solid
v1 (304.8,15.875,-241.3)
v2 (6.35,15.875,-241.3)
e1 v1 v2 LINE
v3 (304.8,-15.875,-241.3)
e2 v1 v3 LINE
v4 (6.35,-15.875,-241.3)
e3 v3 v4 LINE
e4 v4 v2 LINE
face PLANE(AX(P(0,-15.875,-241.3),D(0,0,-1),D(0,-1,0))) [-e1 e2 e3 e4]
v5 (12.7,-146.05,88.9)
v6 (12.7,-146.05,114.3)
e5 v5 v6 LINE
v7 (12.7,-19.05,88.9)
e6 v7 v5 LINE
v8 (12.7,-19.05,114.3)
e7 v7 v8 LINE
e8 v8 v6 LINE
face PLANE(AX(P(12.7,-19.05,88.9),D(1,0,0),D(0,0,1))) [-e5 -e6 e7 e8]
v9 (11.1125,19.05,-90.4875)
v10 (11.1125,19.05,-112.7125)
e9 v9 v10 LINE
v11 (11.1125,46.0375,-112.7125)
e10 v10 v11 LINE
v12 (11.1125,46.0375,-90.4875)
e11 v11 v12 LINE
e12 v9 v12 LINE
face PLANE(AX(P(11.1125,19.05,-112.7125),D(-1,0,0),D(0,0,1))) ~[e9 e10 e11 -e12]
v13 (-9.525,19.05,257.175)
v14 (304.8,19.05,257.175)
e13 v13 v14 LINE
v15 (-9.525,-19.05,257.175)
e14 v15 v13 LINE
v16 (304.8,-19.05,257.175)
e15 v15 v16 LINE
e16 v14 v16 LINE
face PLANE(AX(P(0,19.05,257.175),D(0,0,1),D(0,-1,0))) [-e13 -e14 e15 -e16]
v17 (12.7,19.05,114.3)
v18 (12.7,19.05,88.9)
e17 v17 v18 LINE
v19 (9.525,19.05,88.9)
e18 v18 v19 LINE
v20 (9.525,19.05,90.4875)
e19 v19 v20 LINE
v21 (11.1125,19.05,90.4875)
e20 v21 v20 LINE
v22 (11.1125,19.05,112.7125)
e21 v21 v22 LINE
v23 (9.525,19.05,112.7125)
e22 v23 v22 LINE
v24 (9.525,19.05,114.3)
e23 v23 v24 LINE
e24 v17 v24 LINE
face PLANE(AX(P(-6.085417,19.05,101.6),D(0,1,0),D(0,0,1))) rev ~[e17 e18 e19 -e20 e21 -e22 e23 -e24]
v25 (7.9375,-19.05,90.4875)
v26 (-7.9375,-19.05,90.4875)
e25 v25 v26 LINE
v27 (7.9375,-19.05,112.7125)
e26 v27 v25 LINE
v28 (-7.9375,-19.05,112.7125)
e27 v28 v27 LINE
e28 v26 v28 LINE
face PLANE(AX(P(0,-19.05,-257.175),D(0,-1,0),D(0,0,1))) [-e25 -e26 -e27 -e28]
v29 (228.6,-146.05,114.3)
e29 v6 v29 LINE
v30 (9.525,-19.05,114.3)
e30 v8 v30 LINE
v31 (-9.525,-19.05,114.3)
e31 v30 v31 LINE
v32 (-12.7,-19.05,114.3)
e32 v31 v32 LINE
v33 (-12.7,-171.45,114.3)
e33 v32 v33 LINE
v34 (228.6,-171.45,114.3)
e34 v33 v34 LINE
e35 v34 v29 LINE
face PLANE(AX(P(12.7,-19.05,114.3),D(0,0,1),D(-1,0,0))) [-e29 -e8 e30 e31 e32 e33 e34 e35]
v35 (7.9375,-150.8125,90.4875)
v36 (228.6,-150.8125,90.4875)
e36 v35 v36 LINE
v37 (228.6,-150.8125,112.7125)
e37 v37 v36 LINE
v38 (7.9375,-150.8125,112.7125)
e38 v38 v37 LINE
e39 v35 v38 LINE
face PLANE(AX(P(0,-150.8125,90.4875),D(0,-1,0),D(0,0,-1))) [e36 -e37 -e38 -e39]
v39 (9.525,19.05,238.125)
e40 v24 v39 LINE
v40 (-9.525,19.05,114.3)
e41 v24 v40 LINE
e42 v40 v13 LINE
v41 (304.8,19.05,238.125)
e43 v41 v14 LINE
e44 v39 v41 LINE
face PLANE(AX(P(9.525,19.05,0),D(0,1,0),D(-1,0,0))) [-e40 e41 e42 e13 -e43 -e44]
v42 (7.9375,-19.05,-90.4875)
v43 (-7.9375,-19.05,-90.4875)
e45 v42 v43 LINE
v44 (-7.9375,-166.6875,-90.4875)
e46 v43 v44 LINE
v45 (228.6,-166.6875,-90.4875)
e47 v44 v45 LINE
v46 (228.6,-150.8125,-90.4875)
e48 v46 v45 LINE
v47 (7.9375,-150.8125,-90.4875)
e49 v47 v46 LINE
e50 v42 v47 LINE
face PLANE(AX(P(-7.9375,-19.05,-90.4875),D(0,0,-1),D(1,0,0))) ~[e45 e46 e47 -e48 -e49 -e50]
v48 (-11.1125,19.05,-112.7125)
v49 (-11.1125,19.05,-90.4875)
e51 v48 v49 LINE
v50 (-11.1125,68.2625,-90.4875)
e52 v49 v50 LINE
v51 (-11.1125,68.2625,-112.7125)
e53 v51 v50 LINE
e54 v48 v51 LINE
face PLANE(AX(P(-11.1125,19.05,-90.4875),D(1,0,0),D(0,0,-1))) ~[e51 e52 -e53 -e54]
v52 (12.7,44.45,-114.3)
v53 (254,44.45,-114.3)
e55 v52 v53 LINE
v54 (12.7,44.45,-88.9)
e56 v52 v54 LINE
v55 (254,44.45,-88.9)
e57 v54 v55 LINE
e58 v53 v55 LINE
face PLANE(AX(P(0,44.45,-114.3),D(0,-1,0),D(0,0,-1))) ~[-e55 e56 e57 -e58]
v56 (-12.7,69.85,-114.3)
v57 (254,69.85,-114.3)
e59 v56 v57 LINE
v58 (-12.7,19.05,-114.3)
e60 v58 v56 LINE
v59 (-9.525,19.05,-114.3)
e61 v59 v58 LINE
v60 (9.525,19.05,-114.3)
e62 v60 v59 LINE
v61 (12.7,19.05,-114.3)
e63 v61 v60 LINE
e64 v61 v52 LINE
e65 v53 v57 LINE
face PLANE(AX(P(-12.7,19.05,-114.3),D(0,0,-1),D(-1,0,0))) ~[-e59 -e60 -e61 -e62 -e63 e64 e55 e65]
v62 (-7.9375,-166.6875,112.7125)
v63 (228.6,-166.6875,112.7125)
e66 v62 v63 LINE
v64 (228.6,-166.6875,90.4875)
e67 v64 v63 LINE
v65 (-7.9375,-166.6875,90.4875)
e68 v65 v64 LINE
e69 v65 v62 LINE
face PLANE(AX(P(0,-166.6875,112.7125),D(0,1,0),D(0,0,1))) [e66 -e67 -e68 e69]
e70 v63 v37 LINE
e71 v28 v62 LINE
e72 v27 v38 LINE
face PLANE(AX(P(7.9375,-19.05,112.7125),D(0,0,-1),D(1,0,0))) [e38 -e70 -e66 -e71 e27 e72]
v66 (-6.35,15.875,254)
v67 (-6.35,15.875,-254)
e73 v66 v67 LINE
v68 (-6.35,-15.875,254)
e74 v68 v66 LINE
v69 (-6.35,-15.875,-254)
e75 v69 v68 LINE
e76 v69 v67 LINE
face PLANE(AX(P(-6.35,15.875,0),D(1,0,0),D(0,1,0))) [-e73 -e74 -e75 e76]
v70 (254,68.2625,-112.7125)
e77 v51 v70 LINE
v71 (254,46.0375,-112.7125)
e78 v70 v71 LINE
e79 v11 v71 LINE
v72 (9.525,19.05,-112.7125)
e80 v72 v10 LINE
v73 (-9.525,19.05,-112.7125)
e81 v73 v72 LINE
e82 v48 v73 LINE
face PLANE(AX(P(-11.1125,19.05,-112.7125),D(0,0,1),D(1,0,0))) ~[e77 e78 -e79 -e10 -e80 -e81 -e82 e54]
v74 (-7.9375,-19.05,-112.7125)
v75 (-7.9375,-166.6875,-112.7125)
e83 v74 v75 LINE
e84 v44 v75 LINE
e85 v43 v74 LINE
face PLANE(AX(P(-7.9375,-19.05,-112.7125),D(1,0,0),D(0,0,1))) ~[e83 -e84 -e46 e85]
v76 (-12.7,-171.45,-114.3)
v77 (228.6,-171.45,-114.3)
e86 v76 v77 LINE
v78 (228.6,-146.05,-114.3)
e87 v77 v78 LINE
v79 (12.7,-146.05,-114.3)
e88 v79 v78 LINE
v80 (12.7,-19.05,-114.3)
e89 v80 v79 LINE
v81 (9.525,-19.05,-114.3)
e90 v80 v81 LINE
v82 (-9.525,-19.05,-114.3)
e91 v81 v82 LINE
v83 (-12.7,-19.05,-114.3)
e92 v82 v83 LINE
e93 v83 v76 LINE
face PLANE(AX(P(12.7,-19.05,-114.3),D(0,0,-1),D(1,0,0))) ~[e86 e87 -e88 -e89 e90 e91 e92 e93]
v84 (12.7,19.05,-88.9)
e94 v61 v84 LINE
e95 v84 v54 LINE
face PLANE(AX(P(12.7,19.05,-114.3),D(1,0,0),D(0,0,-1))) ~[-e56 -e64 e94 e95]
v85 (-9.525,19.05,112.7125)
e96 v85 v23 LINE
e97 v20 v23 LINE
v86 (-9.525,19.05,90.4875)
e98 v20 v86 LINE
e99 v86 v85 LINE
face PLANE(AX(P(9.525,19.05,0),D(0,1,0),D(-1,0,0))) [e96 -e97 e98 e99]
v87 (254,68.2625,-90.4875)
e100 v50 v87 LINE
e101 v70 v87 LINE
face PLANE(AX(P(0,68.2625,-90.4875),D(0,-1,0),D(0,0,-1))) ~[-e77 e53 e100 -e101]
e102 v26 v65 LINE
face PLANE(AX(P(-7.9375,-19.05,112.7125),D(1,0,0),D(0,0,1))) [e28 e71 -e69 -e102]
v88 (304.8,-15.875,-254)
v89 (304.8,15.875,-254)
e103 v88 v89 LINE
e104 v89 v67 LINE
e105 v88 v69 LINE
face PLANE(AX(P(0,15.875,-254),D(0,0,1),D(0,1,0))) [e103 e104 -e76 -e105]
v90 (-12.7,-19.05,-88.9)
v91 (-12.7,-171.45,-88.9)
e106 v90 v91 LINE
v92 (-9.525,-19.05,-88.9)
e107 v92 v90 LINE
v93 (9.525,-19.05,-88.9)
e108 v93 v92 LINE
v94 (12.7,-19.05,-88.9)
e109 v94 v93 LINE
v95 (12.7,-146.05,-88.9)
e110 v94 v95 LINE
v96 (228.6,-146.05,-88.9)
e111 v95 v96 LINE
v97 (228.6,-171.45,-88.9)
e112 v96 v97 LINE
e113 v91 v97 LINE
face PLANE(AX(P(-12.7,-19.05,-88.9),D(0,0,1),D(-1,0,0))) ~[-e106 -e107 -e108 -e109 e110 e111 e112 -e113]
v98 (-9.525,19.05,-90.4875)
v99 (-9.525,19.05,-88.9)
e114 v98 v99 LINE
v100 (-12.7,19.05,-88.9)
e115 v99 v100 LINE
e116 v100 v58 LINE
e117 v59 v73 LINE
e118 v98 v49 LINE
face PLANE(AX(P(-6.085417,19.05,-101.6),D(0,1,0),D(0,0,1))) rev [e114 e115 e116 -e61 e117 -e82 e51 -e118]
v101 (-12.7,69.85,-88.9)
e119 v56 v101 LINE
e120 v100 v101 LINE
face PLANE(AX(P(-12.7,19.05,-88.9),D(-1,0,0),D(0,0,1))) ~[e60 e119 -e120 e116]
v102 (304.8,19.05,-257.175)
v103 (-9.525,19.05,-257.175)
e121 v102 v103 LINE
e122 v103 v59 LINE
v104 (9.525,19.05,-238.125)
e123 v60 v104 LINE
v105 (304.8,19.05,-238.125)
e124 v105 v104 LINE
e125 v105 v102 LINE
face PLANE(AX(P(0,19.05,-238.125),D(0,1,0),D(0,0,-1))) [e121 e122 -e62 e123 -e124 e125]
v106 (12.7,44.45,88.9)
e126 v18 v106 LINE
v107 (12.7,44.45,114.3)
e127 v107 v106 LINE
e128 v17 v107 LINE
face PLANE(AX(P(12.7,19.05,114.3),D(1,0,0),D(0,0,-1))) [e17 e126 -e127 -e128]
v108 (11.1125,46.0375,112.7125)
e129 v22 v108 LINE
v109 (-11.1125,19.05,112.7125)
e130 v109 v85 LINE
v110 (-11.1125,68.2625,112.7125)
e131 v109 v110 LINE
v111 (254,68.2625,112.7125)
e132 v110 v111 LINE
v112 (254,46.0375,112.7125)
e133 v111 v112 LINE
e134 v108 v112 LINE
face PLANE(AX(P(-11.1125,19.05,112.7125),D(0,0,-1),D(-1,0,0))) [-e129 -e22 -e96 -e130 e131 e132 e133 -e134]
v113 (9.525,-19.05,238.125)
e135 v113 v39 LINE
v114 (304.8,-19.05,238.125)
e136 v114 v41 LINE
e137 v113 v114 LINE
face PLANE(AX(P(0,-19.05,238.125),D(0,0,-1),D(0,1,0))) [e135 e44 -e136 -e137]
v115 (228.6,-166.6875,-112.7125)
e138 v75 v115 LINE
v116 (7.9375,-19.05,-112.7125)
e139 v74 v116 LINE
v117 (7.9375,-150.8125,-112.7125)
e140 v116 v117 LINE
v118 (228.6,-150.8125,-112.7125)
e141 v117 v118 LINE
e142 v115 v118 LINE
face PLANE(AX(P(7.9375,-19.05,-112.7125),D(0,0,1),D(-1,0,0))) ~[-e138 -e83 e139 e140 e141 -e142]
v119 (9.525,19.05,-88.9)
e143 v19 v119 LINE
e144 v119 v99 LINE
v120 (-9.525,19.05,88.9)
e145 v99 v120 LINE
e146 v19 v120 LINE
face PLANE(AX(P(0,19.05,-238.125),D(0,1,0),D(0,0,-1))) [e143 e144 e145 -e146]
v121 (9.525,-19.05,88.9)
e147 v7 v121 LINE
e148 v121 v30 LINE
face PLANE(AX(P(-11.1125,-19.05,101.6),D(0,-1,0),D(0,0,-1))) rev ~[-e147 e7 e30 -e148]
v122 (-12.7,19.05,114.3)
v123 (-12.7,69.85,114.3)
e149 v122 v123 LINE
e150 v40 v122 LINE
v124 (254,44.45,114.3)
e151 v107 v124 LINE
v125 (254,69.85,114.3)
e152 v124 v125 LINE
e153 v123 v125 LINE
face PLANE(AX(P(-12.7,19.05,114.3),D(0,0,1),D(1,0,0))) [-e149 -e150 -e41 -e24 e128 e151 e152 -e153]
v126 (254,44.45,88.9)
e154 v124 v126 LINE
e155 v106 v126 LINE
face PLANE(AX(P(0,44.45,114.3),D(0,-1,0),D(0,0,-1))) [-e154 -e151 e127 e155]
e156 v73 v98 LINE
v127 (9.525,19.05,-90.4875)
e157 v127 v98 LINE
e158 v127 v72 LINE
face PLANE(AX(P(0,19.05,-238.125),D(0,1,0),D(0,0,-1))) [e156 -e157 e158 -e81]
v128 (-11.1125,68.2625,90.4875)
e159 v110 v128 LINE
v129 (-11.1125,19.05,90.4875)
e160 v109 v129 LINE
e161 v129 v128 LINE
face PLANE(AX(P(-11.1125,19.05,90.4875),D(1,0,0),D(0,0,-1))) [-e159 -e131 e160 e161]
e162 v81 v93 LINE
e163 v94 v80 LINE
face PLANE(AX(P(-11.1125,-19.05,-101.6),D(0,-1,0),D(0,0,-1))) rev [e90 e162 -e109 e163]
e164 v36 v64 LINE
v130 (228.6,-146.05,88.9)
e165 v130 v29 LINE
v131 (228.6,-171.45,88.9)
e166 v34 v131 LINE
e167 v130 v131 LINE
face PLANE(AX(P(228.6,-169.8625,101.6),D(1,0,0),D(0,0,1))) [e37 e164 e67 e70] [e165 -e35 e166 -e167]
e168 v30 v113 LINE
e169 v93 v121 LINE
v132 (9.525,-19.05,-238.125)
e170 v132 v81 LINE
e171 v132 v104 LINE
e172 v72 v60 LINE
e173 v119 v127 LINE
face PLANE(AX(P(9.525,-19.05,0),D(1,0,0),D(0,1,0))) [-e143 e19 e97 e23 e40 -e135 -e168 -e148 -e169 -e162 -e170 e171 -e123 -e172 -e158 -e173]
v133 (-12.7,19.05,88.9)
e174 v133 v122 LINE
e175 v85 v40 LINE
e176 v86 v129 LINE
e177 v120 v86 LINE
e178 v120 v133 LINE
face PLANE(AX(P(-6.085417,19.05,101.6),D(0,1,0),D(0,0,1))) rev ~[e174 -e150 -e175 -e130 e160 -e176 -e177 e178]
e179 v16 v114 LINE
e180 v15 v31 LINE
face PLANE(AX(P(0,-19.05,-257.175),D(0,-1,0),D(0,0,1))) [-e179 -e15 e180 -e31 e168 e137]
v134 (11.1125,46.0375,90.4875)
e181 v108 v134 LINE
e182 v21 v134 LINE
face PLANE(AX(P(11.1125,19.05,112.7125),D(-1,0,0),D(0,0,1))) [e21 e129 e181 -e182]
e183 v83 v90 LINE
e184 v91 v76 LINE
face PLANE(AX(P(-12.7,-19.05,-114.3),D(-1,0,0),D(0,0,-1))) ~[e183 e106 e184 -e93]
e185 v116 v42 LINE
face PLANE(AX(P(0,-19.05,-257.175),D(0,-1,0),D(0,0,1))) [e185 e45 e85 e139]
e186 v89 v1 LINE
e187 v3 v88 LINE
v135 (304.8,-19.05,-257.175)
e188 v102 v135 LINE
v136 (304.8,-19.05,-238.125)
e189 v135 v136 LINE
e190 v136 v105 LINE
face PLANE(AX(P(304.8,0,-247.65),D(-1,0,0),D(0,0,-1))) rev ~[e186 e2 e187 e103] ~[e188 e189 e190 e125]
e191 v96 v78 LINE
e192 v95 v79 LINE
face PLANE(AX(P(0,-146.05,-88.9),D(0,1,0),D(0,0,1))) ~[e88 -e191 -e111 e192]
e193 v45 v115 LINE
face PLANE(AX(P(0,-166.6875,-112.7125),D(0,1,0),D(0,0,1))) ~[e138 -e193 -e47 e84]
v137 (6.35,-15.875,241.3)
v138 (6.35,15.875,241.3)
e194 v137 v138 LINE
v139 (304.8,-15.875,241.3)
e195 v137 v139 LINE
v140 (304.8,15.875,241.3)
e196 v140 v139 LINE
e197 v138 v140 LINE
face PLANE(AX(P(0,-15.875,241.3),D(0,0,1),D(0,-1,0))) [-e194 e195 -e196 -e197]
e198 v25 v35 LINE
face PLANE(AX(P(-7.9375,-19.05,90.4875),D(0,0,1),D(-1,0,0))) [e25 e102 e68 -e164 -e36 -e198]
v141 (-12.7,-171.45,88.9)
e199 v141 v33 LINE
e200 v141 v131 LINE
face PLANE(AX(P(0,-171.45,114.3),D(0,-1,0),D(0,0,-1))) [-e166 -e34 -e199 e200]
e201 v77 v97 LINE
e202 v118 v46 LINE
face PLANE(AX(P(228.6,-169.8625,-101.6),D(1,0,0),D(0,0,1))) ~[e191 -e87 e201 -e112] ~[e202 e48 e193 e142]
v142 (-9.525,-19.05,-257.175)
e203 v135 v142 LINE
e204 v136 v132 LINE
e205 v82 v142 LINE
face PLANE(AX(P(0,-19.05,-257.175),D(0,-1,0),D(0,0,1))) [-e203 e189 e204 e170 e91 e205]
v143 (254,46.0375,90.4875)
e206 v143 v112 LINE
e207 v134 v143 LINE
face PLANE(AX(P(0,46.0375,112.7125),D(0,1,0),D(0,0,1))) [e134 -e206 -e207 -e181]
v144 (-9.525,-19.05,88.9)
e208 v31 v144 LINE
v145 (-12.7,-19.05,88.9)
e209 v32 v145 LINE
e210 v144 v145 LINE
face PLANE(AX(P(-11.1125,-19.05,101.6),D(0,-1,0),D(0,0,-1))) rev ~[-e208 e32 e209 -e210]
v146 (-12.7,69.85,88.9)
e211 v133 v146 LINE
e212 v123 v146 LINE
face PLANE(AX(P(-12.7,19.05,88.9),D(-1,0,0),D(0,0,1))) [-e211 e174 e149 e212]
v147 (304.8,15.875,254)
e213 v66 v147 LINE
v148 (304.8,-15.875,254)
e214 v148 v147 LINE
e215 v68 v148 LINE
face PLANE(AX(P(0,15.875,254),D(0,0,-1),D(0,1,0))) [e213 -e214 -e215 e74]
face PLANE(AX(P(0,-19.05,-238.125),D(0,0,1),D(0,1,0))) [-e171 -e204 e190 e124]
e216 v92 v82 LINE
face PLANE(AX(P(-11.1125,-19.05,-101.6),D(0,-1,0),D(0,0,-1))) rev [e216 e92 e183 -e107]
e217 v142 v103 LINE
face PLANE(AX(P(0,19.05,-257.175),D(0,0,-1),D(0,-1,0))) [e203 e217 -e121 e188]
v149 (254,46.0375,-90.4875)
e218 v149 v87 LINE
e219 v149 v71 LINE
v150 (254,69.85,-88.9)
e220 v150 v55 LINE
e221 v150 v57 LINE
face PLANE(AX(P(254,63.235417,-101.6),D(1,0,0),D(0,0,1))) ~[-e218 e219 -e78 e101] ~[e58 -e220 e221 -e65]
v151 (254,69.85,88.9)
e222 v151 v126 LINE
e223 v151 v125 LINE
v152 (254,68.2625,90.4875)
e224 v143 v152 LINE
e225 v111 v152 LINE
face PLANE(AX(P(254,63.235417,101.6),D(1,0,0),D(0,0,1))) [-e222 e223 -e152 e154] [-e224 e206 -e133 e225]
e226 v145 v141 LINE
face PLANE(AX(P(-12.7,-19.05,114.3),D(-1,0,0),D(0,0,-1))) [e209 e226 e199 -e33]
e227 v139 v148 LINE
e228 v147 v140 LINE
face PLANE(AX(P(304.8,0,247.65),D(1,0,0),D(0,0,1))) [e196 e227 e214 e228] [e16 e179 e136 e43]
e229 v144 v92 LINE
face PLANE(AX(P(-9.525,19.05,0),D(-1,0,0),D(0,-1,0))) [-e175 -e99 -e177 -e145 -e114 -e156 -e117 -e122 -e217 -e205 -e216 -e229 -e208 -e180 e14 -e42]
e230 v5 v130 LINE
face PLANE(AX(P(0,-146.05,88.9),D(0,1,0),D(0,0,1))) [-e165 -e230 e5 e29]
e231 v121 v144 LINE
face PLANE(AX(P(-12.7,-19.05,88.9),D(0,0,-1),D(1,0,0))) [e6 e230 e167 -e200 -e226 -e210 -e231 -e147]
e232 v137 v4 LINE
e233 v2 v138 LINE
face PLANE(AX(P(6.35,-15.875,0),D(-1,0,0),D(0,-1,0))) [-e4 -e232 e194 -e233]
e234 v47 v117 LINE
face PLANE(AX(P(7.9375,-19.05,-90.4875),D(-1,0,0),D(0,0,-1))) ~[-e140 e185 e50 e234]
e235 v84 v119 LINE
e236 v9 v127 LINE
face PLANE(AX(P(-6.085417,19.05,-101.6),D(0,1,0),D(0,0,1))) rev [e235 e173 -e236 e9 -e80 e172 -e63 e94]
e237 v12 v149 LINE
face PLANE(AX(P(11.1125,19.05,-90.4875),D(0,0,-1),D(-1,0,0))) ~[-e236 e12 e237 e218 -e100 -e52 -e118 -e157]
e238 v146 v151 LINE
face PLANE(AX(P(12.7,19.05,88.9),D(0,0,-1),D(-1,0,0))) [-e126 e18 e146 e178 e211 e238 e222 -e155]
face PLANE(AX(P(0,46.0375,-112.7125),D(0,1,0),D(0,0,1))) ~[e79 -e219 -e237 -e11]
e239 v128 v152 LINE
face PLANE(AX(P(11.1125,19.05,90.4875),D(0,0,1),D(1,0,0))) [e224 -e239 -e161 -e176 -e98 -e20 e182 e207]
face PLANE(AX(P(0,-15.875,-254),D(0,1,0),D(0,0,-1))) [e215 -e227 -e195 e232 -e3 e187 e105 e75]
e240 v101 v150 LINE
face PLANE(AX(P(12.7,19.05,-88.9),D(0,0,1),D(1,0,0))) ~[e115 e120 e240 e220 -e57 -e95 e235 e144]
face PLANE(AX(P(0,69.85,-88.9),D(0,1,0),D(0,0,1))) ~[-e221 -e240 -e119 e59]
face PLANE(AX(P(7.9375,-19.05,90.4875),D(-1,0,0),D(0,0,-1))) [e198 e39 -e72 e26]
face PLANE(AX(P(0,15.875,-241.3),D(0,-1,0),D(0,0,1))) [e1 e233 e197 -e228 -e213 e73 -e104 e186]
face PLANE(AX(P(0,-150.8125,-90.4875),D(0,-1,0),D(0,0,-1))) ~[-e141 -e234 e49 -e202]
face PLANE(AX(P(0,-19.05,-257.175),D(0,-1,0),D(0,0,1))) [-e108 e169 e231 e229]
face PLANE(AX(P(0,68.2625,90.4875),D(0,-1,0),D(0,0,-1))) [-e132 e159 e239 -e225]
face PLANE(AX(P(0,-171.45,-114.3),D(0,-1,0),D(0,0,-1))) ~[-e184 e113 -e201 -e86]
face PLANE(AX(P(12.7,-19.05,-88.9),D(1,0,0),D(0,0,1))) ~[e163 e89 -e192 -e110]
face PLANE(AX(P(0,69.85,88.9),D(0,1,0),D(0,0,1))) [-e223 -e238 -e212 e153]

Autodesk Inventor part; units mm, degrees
sketch "Sketch10" plane through (0, 0, 0) normal (0, 1, 0) x (-1, 0, 0)
  line L0 (0, 0) -> (0, 247.65)
  line L1 (0, 247.65) -> (-304.8, 247.65)
  line L2 (0, 0) -> (-304.8, 0) construction
  line L3 (0, 0) -> (0, -247.65)
  line L4 (0, -247.65) -> (-304.8, -247.65)
  dimension "d31" = 247.65
  dimension "d32" = 304.8
ref_plane "Work Plane2" through (304.8, 0, 0) normal (1, 0, 0) x (0, 1, 0)
sketch "Sketch11" plane through (304.8, 0, 0) normal (1, 0, 0) x (0, 1, 0)
  line L0 (-19.05, 257.175) -> (-19.05, 238.125)
  line L1 (-19.05, 238.125) -> (19.05, 238.125)
  line L2 (19.05, 238.125) -> (19.05, 257.175)
  line L3 (19.05, 257.175) -> (-19.05, 257.175)
  line L4 (-19.05, 257.175) -> (19.05, 238.125) construction
  line L5 (-19.05, 238.125) -> (19.05, 257.175) construction
  line L6 (-15.875, 254) -> (-15.875, 241.3)
  line L7 (-15.875, 241.3) -> (15.875, 241.3)
  line L8 (15.875, 241.3) -> (15.875, 254)
  line L9 (15.875, 254) -> (-15.875, 254)
  line L10 (-15.875, 254) -> (15.875, 241.3) construction
  line L11 (-15.875, 241.3) -> (15.875, 254) construction
  point P0 (0, 0)
  point P1 (0, 247.65)
  dimension "d34" = 247.65
  dimension "d35" = 19.05
  dimension "d36" = 38.1
  dimension "d37" = 3.175
  dimension "d38" = 3.175
sweep "Sweep5" add profiles "Sketch11" path "Sketch10"
sketch "Sketch12" plane through (304.8, 19.05, 257.175) normal (0, 1, 0) x (1, 0, 0)
  line L0 (-304.8, 257.175) -> (-304.8, 0) construction
  line L1 (0, 0) -> (-314.325, 0) construction
  line L2 (-317.5, 142.875) -> (-292.1, 142.875)
  line L3 (-292.1, 142.875) -> (-292.1, 168.275)
  line L4 (-292.1, 168.275) -> (-317.5, 168.275)
  line L5 (-317.5, 168.275) -> (-317.5, 142.875)
  line L6 (-317.5, 142.875) -> (-292.1, 168.275) construction
  line L7 (-292.1, 142.875) -> (-317.5, 168.275) construction
  line L8 (-298.45, 15.875) -> (-298.45, 498.475) projected
  line L9 (-315.9125, 144.4625) -> (-293.6875, 144.4625)
  line L10 (-293.6875, 144.4625) -> (-293.6875, 166.6875)
  line L11 (-293.6875, 166.6875) -> (-315.9125, 166.6875)
  line L12 (-315.9125, 166.6875) -> (-315.9125, 144.4625)
  line L13 (-315.9125, 144.4625) -> (-293.6875, 166.6875) construction
  line L14 (-293.6875, 144.4625) -> (-315.9125, 166.6875) construction
  point P0 (-304.8, 155.575)
  dimension "d41" = 25.4
  dimension "d42" = 25.4
  dimension "d43" = 101.6
  dimension "d44" = 1.5875
  dimension "d45" = 1.5875
ref_plane "Work Plane3" through (0, 0, 38.1) normal (0, 0, 1) x (1, 0, 0)
sketch "Sketch13" plane through (0, 0, 38.1) normal (0, 0, 1) x (1, 0, 0)
  line L0 (304.8, 19.05) -> (-9.525, 19.05) projected
  line L1 (0, 19.05) -> (0, 57.15)
  line L2 (0, 57.15) -> (254, 57.15)
  point P0 (0, 0)
  dimension "d47" = 254
  dimension "d48" = 38.1
sweep "Sweep6" add profiles "Sketch12" path "Sketch13" path curves L1 L2 contours L5 L4 L8 L11 L12 L9 L2 | L8 L9 L10 L11 L4 L3 L2
mirror "Mirror2" about plane through (0, 0, 0) normal (0, 0, 1) of "Sweep6"
sketch "Sketch14" plane through (304.8, -19.05, 238.125) normal (0, -1, 0) x (1, 0, 0)
  line L0 (-304.8, -238.125) -> (-304.8, 15.875) construction
  line L1 (0, 15.875) -> (-311.15, 15.875) construction
  line L2 (-317.5, -123.825) -> (-317.5, -149.225)
  line L3 (-317.5, -149.225) -> (-292.1, -149.225)
  line L4 (-292.1, -149.225) -> (-292.1, -123.825)
  line L5 (-292.1, -123.825) -> (-317.5, -123.825)
  line L6 (-317.5, -123.825) -> (-292.1, -149.225) construction
  line L7 (-317.5, -149.225) -> (-292.1, -123.825) construction
  line L8 (-312.7375, -125.4125) -> (-312.7375, -147.6375)
  line L9 (-312.7375, -147.6375) -> (-296.8625, -147.6375)
  line L10 (-296.8625, -147.6375) -> (-296.8625, -125.4125)
  line L11 (-296.8625, -125.4125) -> (-312.7375, -125.4125)
  line L12 (-312.7375, -125.4125) -> (-296.8625, -147.6375) construction
  line L13 (-312.7375, -147.6375) -> (-296.8625, -125.4125) construction
  line L14 (-314.325, 19.05) -> (-314.325, -495.3) projected
  point P0 (-304.8, -136.525)
  dimension "d52" = 101.6
  dimension "d53" = 25.4
  dimension "d54" = 25.4
  dimension "d55" = 1.5875
  dimension "d56" = 1.5875
ref_plane "Work Plane5" through (0, 0, 101.6) normal (0, 0, 1) x (1, 0, 0)
sketch "Sketch15" plane through (0, 0, 101.6) normal (0, 0, 1) x (1, 0, 0)
  line L0 (-9.525, -19.05) -> (304.8, -19.05) projected
  line L1 (0, -19.05) -> (0, -158.75)
  line L2 (0, -158.75) -> (228.6, -158.75)
  point P0 (0, 0)
  dimension "d58" = 228.6
  dimension "d59" = 139.7
sweep "Sweep7" add profiles "Sketch14" path "Sketch15" path curves L1 L2
mirror "Mirror5" about plane through (0, 0, 0) normal (0, 0, 1) of "Sweep7"
ref_plane "Work Plane6" through (152.4, 0, 0) normal (1, 0, 0) x (0, 1, 0)
equation "\"d31\" = halfOfWidth"
equation "\"d32\" = length"
equation "\"d34\" = halfOfWidth"
equation "\"d35\" = largeTubingWidth"
equation "\"d36\" = largeTubingHeight"
equation "\"d37\" = largeTubeThickness"
equation "\"d38\" = largeTubeThickness"
equation "\"d41\" = smallSupportTubeWidth"
equation "\"d42\" = smallSupportTubeWidth"
equation "\"d43\" = distaceToMiddleSmallSupportTube"
equation "\"d44\" = smallSupportTubeThickness"
equation "\"d45\" = smallSupportTubeThickness"
equation "\"d47\" = topSupportTubeExtension"
equation "\"d48\" = smallSupportTubeLength"
equation "\"d52\" = distaceToMiddleSmallSupportTube"
equation "\"d53\" = smallSupportTubeWidth"
equation "\"d54\" = smallSupportTubeHeight"
equation "\"d55\" = smallSupportTubeThickness"
equation "\"d56\" = smallSupportTubeThickness"
equation "\"d58\" = bottomSupportTubeExtension"
equation "\"halfOfWidth\" = 0.5 * width"
equation "\"length\" = 304.8"
equation "\"height\" = 241.3"
equation "\"largeTubingWidth\" = 19.05"
equation "\"largeTubingHeight\" = 38.1"
equation "\"largeTubeThickness\" = 3.175"
equation "\"d33\" = length"
equation "\"width\" = 495.3"
equation "\"smallSupportTubeWidth\" = 25.4"
equation "\"smallSupportTubeHeight\" = 25.4"
equation "\"smallSupportTubeThickness\" = 1.5875"
equation "\"distaceToMiddleSmallSupportTube\" = 101.6"
equation "\"smallSupportTubeLength\" = 38.1"
equation "\"d46\" = smallSupportTubeLength"
equation "\"d57\" = distaceToMiddleSmallSupportTube"
equation "\"distanceOriginToPlaneForSupportTubes\" = 152.4"
equation "\"d62\" = distanceOriginToPlaneForSupportTubes"
equation "\"topSupportTubeExtension\" = 254"
equation "\"bottomSupportTubeExtension\" = 228.6"
properties part number "ShooterFrame"
